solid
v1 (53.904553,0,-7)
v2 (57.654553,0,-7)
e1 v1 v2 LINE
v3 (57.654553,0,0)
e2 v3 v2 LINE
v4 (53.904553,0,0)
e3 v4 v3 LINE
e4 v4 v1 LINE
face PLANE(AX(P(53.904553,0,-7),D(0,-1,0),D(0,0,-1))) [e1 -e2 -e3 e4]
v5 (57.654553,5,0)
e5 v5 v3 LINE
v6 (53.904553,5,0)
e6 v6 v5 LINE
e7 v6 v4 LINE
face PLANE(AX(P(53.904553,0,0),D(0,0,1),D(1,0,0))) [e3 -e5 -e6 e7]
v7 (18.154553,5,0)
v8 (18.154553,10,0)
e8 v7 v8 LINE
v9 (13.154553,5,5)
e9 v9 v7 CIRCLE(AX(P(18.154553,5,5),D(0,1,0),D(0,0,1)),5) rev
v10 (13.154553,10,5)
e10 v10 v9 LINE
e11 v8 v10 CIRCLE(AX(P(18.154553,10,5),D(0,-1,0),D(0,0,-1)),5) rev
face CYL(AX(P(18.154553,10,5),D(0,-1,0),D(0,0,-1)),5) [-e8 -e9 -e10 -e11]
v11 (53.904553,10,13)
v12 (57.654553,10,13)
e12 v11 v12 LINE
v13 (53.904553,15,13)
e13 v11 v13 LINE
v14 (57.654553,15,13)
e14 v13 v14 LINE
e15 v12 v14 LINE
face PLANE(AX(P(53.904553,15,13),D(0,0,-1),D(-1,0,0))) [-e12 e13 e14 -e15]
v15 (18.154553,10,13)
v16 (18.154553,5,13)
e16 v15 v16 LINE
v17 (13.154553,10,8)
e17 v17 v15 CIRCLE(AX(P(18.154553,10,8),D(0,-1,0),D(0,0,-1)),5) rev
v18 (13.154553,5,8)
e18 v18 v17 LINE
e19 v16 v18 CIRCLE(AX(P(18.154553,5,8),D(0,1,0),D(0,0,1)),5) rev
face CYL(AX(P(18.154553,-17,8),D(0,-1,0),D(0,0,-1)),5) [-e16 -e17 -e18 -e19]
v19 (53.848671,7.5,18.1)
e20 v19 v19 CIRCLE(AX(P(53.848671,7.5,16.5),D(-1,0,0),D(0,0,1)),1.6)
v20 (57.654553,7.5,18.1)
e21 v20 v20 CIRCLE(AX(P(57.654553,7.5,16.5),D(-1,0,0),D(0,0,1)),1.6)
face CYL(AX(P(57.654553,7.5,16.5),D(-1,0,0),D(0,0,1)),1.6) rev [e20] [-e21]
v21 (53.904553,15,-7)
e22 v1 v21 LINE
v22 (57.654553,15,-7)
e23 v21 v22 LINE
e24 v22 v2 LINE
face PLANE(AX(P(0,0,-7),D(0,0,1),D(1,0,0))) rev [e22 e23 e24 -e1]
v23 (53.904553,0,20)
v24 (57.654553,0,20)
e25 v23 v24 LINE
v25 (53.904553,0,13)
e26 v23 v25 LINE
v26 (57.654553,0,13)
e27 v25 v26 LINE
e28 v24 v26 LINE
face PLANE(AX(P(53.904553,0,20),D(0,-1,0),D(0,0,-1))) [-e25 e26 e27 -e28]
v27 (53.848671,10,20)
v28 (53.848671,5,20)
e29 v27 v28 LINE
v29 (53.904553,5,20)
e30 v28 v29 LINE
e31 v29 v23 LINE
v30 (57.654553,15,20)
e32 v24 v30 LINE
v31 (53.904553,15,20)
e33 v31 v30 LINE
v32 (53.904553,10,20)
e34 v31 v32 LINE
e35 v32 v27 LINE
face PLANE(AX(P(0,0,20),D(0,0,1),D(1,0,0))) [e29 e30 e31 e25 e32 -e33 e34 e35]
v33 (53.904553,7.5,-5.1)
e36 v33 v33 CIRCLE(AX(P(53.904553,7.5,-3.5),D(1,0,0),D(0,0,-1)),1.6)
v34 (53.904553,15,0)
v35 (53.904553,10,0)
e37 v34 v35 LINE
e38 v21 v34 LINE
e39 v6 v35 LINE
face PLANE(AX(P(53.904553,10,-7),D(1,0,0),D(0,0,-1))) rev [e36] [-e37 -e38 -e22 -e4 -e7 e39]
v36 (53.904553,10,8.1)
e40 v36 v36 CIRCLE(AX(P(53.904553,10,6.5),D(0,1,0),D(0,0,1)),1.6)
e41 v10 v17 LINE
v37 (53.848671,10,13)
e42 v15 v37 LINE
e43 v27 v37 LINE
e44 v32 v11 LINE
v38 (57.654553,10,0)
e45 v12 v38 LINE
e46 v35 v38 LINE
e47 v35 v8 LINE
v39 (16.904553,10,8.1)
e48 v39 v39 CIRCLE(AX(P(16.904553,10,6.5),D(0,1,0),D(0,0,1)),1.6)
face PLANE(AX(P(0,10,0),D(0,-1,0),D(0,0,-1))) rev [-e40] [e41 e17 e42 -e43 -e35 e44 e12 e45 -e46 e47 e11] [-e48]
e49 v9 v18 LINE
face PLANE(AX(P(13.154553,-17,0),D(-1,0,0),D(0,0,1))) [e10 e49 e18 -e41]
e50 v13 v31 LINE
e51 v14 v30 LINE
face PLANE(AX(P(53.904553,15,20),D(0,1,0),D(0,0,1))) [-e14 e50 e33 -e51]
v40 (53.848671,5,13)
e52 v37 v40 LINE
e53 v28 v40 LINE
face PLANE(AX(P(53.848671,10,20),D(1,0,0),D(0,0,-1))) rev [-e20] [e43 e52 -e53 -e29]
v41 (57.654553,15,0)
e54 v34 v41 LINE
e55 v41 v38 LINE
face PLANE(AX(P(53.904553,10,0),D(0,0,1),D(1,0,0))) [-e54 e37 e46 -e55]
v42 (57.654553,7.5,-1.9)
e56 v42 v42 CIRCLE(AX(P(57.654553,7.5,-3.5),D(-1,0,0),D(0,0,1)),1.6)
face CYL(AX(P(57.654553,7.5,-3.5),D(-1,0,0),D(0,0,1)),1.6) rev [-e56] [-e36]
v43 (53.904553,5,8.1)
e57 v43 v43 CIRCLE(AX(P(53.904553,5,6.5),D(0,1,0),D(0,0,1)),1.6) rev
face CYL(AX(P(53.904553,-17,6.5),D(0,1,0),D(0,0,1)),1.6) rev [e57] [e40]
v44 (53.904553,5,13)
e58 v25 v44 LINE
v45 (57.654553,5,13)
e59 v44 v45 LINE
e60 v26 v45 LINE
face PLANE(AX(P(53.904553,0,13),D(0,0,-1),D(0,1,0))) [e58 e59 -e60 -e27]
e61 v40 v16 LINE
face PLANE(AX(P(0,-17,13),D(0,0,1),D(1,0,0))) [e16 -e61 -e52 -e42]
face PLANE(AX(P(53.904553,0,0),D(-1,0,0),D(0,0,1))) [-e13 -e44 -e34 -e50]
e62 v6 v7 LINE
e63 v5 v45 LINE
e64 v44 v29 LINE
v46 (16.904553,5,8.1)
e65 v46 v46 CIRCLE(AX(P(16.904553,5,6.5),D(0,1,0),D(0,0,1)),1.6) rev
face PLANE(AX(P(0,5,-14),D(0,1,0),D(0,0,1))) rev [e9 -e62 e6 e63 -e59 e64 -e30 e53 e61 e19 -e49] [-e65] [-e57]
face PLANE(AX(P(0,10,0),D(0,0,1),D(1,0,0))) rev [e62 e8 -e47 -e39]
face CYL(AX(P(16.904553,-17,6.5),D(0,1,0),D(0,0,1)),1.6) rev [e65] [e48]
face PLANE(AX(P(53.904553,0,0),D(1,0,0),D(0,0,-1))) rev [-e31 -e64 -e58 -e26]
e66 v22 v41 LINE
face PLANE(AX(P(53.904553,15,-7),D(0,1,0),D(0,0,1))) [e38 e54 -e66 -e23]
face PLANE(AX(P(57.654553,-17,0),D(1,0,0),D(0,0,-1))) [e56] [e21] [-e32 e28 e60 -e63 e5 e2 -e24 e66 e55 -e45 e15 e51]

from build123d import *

# Parameters (mm, degrees)
SKETCH_1_W          = 100
SKETCH_1_H          = 100
EXTRUDE_1_DEPTH     = 10
CUT_EXTRUDE_3_DEPTH = 27
CUT_EXTRUDE_4_DEPTH = 27
SKETCH_5_R          = 1.6
CUT_EXTRUDE_5_DEPTH = 27
SKETCH_6_W          = 37
SKETCH_6_H          = 5
SKETCH_6_W_2        = 7.5
CUT_EXTRUDE_6_DEPTH = 27
SKETCH_8_W          = 3.805881933
SKETCH_8_H          = 5
EXTRUDE_2_DEPTH     = 7
SKETCH_10_W         = 3.75
SKETCH_10_H         = 5
EXTRUDE_3_DEPTH     = 7
FILLET_1_R          = 5
FILLET_2_R          = 5
SKETCH_14_W         = 7
SKETCH_14_H         = 5
EXTRUDE_6_DEPTH     = 3.750003
CUT_EXTRUDE_START   = -3.805882
CUT_EXTRUDE_8_DEPTH = 3.805882


with BuildPart() as part:
    # 草图1 → 凸台-拉伸1 (new body)
    with BuildSketch(Plane(origin=(0, 0, 0), x_dir=(1, 0, 0), z_dir=(0, 1, 0))):
        with Locations((50, -50)):
            Rectangle(SKETCH_1_W, SKETCH_1_H)
    extrude(amount=EXTRUDE_1_DEPTH)

    # 草图2 → 切除-拉伸3 (cut)
    with BuildSketch(Plane(origin=(0, 10, 0), x_dir=(1, 0, 0), z_dir=(0, 1, 0))):
        Polygon((50.15455276, -13), (20.65455276, -13), (0, -13), (0, -100), (100, -100), (100, -13), align=None)
    extrude(amount=-CUT_EXTRUDE_3_DEPTH, mode=Mode.SUBTRACT)

    # 草图4 → 切除-拉伸4 (cut)
    with BuildSketch(Plane(origin=(0, 10, 0), x_dir=(1, 0, 0), z_dir=(0, 1, 0))):
        Polygon((13.15455276, -13), (13.15455276, -6.5), (13.15455276, 0), (0, 0), (0, -13), align=None)
        Polygon((100, 0), (57.65455276, 0), (57.65455276, -6.5), (57.65455276, -13), (100, -13), align=None)
    extrude(amount=-CUT_EXTRUDE_4_DEPTH, mode=Mode.SUBTRACT)

    # 草图5 → 切除-拉伸5 (cut)
    with BuildSketch(Plane(origin=(0, 10, 0), x_dir=(1, 0, 0), z_dir=(0, 1, 0))):
        with Locations(Location((16.90455276, -6.5, 0), (0, 0, 270))):
            Circle(SKETCH_5_R)
        with Locations(Location((53.90455276, -6.5, 0), (0, 0, 270))):
            Circle(SKETCH_5_R)
    extrude(amount=-CUT_EXTRUDE_5_DEPTH, mode=Mode.SUBTRACT)

    # 草图6 → 切除-拉伸6 (cut)
    with BuildSketch(Plane.XY.offset(13)):
        with Locations((31.65455276, 2.5)):
            Rectangle(SKETCH_6_W, SKETCH_6_H)
        with Locations((53.90455276, 2.5)):
            Rectangle(SKETCH_6_W_2, SKETCH_6_H)
    extrude(amount=-CUT_EXTRUDE_6_DEPTH, mode=Mode.SUBTRACT)

    # 草图8 → 凸台-拉伸2 (add)
    with BuildSketch(Plane.XY.offset(13)):
        with Locations((55.751611794, 7.5)):
            Rectangle(SKETCH_8_W, SKETCH_8_H)
    extrude(amount=EXTRUDE_2_DEPTH)

    # 草图10 → 凸台-拉伸3 (add)
    with BuildSketch(Plane(origin=(0, 0, 0), x_dir=(-1, 0, 0), z_dir=(0, 0, -1))):
        with Locations((-55.77955276, 7.5)):
            Rectangle(SKETCH_10_W, SKETCH_10_H)
    extrude(amount=EXTRUDE_3_DEPTH)

    # 圆角1
    fillet_1_edges = [part.edges().sort_by_distance(p)[0] for p in [
        (13.15455276, 7.5, 0),
    ]]
    fillet(fillet_1_edges, radius=FILLET_1_R)

    # 圆角2
    fillet_2_edges = [part.edges().sort_by_distance(p)[0] for p in [
        (13.15455276, 7.5, 13),
    ]]
    fillet(fillet_2_edges, radius=FILLET_2_R)

    # 草图14 → 凸台-拉伸6 (add)
    with BuildSketch(Plane(origin=(57.65455276, 0, 0), x_dir=(0, 0, -1), z_dir=(1, 0, 0))):
        with Locations((-16.5, 12.5)):
            Rectangle(SKETCH_14_W, SKETCH_14_H)
        with Locations((-16.5, 2.5)):
            Rectangle(SKETCH_14_W, SKETCH_14_H)
        with Locations((3.5, 12.5)):
            Rectangle(SKETCH_14_W, SKETCH_14_H)
        with Locations((3.5, 2.5)):
            Rectangle(SKETCH_14_W, SKETCH_14_H)
    extrude(amount=-EXTRUDE_6_DEPTH)

    # 草图15 → 切除-拉伸8 (cut)
    with BuildSketch(Plane.ZY.offset(-53.848670827).offset(CUT_EXTRUDE_START)):
        with BuildLine():
            ThreePointArc((-1.9, 7.5), (-1.976327186, 7.98828389), (-2.198026446, 8.42998111))
            Line((-2.198026446, 8.42998111), (-4.801973554, 6.57001889))
            ThreePointArc((-4.801973554, 6.57001889), (-3.01171611, 5.976327186), (-1.9, 7.5))
        make_face()
        with BuildLine():
            Line((-4.801973554, 6.57001889), (-2.198026446, 8.42998111))
            ThreePointArc((-2.198026446, 8.42998111), (-4.42998111, 8.801973554), (-4.801973554, 6.57001889))
        make_face()
        with BuildLine():
            ThreePointArc((18.1, 7.5), (16.98828389, 9.023672814), (15.198026446, 8.42998111))
            Line((15.198026446, 8.42998111), (17.801973554, 6.57001889))
            ThreePointArc((17.801973554, 6.57001889), (18.023672814, 7.01171611), (18.1, 7.5))
        make_face()
        with BuildLine():
            Line((17.801973554, 6.57001889), (15.198026446, 8.42998111))
            ThreePointArc((15.198026446, 8.42998111), (15.57001889, 6.198026446), (17.801973554, 6.57001889))
        make_face()
    extrude(amount=CUT_EXTRUDE_8_DEPTH, mode=Mode.SUBTRACT)


solid = part.part
